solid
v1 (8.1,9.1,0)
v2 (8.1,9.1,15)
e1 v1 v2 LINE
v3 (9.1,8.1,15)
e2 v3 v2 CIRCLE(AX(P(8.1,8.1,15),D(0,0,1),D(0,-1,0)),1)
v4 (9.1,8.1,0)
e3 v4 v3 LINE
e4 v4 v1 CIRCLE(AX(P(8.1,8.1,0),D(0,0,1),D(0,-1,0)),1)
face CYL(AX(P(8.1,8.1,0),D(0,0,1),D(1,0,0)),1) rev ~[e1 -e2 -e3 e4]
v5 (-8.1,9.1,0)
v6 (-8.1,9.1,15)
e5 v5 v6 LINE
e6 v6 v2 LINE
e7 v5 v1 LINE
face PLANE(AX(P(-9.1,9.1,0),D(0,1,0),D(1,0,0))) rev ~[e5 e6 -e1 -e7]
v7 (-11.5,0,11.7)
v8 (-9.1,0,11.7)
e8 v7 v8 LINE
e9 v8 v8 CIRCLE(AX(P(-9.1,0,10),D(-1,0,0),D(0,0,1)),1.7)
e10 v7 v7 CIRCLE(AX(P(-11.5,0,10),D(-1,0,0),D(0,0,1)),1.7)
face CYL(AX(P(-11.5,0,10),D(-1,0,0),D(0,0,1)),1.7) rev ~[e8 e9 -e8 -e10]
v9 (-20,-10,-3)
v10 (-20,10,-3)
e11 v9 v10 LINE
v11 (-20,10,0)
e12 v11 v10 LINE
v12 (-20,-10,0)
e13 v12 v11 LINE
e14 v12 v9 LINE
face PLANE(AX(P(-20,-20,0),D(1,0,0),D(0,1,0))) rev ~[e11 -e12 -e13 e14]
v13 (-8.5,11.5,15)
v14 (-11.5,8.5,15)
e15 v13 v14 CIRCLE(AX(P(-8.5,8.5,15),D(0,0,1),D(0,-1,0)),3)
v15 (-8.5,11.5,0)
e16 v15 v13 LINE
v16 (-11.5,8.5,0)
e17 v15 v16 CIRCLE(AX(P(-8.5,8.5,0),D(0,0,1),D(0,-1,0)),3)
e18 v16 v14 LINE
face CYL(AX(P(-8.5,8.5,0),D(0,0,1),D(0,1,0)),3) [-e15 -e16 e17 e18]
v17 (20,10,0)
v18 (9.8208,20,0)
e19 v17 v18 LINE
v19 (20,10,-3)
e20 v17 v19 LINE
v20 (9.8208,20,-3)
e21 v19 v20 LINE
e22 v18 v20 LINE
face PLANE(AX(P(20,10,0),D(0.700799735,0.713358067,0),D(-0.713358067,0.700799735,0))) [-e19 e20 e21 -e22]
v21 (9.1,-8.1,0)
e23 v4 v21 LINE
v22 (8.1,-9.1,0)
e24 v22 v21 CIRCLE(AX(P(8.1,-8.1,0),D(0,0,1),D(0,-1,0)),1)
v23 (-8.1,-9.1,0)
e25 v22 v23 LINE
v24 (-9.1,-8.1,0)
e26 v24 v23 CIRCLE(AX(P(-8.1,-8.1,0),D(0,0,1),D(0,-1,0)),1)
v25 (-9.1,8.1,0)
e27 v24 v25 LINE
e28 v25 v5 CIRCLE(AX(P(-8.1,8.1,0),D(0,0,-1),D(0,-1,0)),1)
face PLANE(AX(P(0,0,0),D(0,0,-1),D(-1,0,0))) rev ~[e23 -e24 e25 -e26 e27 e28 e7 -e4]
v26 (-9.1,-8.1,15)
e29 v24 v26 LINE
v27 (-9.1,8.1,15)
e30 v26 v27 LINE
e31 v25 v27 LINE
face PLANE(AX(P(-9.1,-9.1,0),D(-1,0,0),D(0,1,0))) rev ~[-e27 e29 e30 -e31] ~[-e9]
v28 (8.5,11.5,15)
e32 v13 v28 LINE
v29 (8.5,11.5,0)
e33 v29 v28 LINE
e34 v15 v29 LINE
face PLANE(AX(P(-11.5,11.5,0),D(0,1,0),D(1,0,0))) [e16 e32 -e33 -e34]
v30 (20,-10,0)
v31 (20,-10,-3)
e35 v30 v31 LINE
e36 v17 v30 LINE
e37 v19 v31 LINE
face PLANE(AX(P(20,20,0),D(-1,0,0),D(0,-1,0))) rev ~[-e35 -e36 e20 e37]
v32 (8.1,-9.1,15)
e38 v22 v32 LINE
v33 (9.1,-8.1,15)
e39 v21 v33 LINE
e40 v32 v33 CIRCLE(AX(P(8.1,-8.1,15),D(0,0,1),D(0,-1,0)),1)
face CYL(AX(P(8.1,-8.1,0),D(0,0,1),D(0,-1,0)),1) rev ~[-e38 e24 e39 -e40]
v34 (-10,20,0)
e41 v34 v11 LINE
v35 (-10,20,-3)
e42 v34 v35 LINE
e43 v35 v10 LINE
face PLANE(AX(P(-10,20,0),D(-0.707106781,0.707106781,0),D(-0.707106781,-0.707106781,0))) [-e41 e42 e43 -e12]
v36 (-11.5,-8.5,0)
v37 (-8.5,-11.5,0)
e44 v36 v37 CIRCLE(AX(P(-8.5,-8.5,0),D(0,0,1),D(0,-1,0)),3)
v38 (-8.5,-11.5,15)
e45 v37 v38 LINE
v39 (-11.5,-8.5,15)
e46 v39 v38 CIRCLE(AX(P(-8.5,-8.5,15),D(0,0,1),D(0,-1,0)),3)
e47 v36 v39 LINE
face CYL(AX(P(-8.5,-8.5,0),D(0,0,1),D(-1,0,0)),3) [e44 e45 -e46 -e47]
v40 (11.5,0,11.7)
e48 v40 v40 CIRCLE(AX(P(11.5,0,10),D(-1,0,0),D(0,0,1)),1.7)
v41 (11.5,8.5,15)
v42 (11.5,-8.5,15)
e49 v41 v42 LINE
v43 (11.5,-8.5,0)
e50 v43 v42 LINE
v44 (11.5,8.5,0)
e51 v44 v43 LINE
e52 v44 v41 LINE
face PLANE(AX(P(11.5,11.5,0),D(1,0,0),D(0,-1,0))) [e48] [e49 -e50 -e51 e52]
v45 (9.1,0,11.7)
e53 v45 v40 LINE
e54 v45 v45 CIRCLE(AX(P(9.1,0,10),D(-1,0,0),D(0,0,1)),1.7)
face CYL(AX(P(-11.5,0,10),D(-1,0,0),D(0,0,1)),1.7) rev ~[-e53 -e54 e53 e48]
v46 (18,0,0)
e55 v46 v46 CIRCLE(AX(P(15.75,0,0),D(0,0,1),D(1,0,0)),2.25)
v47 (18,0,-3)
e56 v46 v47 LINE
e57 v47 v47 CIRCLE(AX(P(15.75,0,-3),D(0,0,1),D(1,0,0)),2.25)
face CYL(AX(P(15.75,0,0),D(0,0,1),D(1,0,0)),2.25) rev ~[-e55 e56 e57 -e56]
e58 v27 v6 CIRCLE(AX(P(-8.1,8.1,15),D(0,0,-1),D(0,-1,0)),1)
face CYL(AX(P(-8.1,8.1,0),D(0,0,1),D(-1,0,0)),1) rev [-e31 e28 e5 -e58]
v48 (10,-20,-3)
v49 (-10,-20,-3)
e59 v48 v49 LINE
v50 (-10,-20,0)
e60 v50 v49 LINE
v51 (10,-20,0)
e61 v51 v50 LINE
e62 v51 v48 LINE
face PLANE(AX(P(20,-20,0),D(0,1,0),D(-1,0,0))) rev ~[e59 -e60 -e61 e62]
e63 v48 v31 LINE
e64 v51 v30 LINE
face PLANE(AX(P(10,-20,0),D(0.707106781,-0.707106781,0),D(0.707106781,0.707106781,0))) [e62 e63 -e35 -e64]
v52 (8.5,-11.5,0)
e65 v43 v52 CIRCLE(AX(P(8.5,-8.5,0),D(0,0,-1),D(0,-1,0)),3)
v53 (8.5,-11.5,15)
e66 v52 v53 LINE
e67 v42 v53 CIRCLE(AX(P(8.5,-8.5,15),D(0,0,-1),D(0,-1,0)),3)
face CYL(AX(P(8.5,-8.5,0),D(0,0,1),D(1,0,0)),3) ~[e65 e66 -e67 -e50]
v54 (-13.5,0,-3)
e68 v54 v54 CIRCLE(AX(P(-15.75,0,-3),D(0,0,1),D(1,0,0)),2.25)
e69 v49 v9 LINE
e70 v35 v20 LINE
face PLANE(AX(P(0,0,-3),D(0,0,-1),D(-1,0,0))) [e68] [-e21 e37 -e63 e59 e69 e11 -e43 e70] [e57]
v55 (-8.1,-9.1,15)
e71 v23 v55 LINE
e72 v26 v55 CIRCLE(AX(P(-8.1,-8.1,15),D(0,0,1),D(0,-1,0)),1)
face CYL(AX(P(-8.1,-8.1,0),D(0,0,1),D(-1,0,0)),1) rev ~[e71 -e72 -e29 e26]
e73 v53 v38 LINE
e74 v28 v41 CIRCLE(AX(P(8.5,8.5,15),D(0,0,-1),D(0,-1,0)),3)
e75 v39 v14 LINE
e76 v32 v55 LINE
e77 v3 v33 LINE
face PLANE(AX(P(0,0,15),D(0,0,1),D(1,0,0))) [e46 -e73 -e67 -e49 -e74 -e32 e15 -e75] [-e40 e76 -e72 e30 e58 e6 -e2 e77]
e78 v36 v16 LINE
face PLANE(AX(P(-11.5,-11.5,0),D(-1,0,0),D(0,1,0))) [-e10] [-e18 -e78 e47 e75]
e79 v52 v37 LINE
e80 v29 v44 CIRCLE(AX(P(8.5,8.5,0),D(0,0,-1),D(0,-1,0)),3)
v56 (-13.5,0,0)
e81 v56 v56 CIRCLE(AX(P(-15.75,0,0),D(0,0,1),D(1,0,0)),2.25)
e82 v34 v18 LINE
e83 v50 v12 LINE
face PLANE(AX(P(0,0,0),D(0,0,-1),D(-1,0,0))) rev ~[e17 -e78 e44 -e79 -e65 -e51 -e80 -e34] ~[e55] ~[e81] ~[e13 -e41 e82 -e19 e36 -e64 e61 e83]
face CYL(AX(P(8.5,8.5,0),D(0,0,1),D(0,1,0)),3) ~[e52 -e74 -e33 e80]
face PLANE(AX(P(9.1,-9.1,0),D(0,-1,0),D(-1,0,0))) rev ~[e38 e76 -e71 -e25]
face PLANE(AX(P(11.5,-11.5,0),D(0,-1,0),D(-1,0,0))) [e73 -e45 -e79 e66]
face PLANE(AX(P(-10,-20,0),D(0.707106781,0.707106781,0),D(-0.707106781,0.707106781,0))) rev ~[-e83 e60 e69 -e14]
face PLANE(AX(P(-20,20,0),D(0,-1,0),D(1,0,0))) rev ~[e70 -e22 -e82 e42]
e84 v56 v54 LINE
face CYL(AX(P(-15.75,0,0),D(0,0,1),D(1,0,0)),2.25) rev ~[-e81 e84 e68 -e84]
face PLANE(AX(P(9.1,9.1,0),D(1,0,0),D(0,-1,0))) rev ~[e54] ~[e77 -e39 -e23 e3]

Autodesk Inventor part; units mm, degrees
ref_plane "YZ Plane" through (0, 0, 0) normal (1, 0, 0) x (0, 1, 0)
ref_plane "XZ Plane" through (0, 0, 0) normal (0, 1, 0) x (-1, 0, 0)
ref_plane "XY Plane" through (0, 0, 0) normal (0, 0, 1) x (1, 0, 0)
sketch "スケッチ1" plane through (0, 0, 0) normal (0, 0, 1) x (1, 0, 0)
  line L0 (-9.1, 9.1) -> (9.1, 9.1)
  line L1 (9.1, 9.1) -> (9.1, -9.1)
  line L2 (9.1, -9.1) -> (-9.1, -9.1)
  line L3 (-9.1, -9.1) -> (-9.1, 9.1)
  line L4 (-9.1, 9.1) -> (9.1, -9.1) construction
  line L5 (9.1, 9.1) -> (-9.1, -9.1) construction
  line L6 (-11.5, 11.5) -> (11.5, 11.5)
  line L7 (11.5, 11.5) -> (11.5, -11.5)
  line L8 (11.5, -11.5) -> (-11.5, -11.5)
  line L9 (-11.5, -11.5) -> (-11.5, 11.5)
  line L10 (-11.5, 11.5) -> (11.5, -11.5) construction
  line L11 (11.5, 11.5) -> (-11.5, -11.5) construction
  point P0 (0, 0)
  dimension "d0" = 18.2
  dimension "d1" = 18.2
  dimension "d2" = 23
  dimension "d3" = 23
extrude "押し出し1" add sketch "スケッチ1" along normal blind 15
sketch "スケッチ2" plane through (-11.5, -11.5, 0) normal (-1, 0, 0) x (0, 0, 1)
  circle A0 centre (10, 11.5) radius 1.7
  point P0 (0, 11.5)
  dimension "d6" = 3.4
extrude "押し出し2" cut sketch "スケッチ2" against normal blind 30
sketch "スケッチ3" plane through (0, 0, 0) normal (0, 0, -1) x (-1, 0, 0)
  line L0 (20, 20) -> (-20, 20)
  line L1 (-20, 20) -> (-20, -20)
  line L2 (-20, -20) -> (20, -20)
  line L3 (20, -20) -> (20, 20)
  line L4 (20, 20) -> (-20, -20) construction
  line L5 (-20, 20) -> (20, -20) construction
  point P0 (0, 0)
  dimension "d9" = 40
  dimension "d10" = 40
extrude "押し出し3" add sketch "スケッチ3" along normal blind 3
sketch "スケッチ4" plane through (0, 0, 0) normal (0, 0, 1) x (1, 0, 0)
  point P0 (0, 0)
sketch "スケッチ5" plane through (0, 0, 0) normal (0, 0, 1) x (1, 0, 0)
  circle A0 centre (-15.75, 0) radius 2.25
  circle A1 centre (15.75, 0) radius 2.25
  point P0 (0, 0)
  dimension "d13" = 4.5
  dimension "d14" = 4.5
extrude "押し出し4" cut sketch "スケッチ5" against normal blind 3
sketch "スケッチ6" plane through (0, 0, 0) normal (0, 0, 1) x (1, 0, 0)
  line L0 (-20, -20) -> (-20, 20) projected
  line L1 (-20, 20) -> (20, 20) projected
  line L2 (-20, 10) -> (-20, 20)
  line L3 (-20, 20) -> (-10, 20)
  line L4 (-10, 20) -> (-20, 10)
  line L5 (19.8208, 20) -> (9.8208, 20)
  line L6 (20, 20) -> (20, -20) projected
  line L7 (20, 20) -> (20, 10)
  line L8 (20, 10) -> (9.8208, 20)
  line L9 (-20, -20) -> (-20, -10)
  line L10 (-20, -20) -> (-10, -20)
  line L11 (20, -20) -> (-20, -20) projected
  line L12 (-10, -20) -> (-20, -10)
  line L13 (20, -20) -> (10, -20)
  line L14 (20, -20) -> (20, -10)
  line L15 (10, -20) -> (20, -10)
  point P0 (0, 0)
  dimension "d17" = 10
  dimension "d18" = 10
  dimension "d19" = 10
  dimension "d20" = 10
  dimension "d21" = 10
  dimension "d22" = 10
extrude "押し出し5" cut sketch "スケッチ6" against normal blind 3 contours L0 L12 L10 | L0 L1 L4 | L15 L6 L11 | L1 L6 L8
fillet "フィレット1" radius 3 4 edges at (-11.5, 11.5, 7.5) (11.5, 11.5, 7.5) (11.5, -11.5, 7.5) (-11.5, -11.5, 7.5)
fillet "フィレット2" radius 1 4 edges at (-9.1, 9.1, 7.5) (9.1, 9.1, 7.5) (-9.1, -9.1, 7.5) (9.1, -9.1, 7.5)
properties part number "rod_fixture_vp13"
